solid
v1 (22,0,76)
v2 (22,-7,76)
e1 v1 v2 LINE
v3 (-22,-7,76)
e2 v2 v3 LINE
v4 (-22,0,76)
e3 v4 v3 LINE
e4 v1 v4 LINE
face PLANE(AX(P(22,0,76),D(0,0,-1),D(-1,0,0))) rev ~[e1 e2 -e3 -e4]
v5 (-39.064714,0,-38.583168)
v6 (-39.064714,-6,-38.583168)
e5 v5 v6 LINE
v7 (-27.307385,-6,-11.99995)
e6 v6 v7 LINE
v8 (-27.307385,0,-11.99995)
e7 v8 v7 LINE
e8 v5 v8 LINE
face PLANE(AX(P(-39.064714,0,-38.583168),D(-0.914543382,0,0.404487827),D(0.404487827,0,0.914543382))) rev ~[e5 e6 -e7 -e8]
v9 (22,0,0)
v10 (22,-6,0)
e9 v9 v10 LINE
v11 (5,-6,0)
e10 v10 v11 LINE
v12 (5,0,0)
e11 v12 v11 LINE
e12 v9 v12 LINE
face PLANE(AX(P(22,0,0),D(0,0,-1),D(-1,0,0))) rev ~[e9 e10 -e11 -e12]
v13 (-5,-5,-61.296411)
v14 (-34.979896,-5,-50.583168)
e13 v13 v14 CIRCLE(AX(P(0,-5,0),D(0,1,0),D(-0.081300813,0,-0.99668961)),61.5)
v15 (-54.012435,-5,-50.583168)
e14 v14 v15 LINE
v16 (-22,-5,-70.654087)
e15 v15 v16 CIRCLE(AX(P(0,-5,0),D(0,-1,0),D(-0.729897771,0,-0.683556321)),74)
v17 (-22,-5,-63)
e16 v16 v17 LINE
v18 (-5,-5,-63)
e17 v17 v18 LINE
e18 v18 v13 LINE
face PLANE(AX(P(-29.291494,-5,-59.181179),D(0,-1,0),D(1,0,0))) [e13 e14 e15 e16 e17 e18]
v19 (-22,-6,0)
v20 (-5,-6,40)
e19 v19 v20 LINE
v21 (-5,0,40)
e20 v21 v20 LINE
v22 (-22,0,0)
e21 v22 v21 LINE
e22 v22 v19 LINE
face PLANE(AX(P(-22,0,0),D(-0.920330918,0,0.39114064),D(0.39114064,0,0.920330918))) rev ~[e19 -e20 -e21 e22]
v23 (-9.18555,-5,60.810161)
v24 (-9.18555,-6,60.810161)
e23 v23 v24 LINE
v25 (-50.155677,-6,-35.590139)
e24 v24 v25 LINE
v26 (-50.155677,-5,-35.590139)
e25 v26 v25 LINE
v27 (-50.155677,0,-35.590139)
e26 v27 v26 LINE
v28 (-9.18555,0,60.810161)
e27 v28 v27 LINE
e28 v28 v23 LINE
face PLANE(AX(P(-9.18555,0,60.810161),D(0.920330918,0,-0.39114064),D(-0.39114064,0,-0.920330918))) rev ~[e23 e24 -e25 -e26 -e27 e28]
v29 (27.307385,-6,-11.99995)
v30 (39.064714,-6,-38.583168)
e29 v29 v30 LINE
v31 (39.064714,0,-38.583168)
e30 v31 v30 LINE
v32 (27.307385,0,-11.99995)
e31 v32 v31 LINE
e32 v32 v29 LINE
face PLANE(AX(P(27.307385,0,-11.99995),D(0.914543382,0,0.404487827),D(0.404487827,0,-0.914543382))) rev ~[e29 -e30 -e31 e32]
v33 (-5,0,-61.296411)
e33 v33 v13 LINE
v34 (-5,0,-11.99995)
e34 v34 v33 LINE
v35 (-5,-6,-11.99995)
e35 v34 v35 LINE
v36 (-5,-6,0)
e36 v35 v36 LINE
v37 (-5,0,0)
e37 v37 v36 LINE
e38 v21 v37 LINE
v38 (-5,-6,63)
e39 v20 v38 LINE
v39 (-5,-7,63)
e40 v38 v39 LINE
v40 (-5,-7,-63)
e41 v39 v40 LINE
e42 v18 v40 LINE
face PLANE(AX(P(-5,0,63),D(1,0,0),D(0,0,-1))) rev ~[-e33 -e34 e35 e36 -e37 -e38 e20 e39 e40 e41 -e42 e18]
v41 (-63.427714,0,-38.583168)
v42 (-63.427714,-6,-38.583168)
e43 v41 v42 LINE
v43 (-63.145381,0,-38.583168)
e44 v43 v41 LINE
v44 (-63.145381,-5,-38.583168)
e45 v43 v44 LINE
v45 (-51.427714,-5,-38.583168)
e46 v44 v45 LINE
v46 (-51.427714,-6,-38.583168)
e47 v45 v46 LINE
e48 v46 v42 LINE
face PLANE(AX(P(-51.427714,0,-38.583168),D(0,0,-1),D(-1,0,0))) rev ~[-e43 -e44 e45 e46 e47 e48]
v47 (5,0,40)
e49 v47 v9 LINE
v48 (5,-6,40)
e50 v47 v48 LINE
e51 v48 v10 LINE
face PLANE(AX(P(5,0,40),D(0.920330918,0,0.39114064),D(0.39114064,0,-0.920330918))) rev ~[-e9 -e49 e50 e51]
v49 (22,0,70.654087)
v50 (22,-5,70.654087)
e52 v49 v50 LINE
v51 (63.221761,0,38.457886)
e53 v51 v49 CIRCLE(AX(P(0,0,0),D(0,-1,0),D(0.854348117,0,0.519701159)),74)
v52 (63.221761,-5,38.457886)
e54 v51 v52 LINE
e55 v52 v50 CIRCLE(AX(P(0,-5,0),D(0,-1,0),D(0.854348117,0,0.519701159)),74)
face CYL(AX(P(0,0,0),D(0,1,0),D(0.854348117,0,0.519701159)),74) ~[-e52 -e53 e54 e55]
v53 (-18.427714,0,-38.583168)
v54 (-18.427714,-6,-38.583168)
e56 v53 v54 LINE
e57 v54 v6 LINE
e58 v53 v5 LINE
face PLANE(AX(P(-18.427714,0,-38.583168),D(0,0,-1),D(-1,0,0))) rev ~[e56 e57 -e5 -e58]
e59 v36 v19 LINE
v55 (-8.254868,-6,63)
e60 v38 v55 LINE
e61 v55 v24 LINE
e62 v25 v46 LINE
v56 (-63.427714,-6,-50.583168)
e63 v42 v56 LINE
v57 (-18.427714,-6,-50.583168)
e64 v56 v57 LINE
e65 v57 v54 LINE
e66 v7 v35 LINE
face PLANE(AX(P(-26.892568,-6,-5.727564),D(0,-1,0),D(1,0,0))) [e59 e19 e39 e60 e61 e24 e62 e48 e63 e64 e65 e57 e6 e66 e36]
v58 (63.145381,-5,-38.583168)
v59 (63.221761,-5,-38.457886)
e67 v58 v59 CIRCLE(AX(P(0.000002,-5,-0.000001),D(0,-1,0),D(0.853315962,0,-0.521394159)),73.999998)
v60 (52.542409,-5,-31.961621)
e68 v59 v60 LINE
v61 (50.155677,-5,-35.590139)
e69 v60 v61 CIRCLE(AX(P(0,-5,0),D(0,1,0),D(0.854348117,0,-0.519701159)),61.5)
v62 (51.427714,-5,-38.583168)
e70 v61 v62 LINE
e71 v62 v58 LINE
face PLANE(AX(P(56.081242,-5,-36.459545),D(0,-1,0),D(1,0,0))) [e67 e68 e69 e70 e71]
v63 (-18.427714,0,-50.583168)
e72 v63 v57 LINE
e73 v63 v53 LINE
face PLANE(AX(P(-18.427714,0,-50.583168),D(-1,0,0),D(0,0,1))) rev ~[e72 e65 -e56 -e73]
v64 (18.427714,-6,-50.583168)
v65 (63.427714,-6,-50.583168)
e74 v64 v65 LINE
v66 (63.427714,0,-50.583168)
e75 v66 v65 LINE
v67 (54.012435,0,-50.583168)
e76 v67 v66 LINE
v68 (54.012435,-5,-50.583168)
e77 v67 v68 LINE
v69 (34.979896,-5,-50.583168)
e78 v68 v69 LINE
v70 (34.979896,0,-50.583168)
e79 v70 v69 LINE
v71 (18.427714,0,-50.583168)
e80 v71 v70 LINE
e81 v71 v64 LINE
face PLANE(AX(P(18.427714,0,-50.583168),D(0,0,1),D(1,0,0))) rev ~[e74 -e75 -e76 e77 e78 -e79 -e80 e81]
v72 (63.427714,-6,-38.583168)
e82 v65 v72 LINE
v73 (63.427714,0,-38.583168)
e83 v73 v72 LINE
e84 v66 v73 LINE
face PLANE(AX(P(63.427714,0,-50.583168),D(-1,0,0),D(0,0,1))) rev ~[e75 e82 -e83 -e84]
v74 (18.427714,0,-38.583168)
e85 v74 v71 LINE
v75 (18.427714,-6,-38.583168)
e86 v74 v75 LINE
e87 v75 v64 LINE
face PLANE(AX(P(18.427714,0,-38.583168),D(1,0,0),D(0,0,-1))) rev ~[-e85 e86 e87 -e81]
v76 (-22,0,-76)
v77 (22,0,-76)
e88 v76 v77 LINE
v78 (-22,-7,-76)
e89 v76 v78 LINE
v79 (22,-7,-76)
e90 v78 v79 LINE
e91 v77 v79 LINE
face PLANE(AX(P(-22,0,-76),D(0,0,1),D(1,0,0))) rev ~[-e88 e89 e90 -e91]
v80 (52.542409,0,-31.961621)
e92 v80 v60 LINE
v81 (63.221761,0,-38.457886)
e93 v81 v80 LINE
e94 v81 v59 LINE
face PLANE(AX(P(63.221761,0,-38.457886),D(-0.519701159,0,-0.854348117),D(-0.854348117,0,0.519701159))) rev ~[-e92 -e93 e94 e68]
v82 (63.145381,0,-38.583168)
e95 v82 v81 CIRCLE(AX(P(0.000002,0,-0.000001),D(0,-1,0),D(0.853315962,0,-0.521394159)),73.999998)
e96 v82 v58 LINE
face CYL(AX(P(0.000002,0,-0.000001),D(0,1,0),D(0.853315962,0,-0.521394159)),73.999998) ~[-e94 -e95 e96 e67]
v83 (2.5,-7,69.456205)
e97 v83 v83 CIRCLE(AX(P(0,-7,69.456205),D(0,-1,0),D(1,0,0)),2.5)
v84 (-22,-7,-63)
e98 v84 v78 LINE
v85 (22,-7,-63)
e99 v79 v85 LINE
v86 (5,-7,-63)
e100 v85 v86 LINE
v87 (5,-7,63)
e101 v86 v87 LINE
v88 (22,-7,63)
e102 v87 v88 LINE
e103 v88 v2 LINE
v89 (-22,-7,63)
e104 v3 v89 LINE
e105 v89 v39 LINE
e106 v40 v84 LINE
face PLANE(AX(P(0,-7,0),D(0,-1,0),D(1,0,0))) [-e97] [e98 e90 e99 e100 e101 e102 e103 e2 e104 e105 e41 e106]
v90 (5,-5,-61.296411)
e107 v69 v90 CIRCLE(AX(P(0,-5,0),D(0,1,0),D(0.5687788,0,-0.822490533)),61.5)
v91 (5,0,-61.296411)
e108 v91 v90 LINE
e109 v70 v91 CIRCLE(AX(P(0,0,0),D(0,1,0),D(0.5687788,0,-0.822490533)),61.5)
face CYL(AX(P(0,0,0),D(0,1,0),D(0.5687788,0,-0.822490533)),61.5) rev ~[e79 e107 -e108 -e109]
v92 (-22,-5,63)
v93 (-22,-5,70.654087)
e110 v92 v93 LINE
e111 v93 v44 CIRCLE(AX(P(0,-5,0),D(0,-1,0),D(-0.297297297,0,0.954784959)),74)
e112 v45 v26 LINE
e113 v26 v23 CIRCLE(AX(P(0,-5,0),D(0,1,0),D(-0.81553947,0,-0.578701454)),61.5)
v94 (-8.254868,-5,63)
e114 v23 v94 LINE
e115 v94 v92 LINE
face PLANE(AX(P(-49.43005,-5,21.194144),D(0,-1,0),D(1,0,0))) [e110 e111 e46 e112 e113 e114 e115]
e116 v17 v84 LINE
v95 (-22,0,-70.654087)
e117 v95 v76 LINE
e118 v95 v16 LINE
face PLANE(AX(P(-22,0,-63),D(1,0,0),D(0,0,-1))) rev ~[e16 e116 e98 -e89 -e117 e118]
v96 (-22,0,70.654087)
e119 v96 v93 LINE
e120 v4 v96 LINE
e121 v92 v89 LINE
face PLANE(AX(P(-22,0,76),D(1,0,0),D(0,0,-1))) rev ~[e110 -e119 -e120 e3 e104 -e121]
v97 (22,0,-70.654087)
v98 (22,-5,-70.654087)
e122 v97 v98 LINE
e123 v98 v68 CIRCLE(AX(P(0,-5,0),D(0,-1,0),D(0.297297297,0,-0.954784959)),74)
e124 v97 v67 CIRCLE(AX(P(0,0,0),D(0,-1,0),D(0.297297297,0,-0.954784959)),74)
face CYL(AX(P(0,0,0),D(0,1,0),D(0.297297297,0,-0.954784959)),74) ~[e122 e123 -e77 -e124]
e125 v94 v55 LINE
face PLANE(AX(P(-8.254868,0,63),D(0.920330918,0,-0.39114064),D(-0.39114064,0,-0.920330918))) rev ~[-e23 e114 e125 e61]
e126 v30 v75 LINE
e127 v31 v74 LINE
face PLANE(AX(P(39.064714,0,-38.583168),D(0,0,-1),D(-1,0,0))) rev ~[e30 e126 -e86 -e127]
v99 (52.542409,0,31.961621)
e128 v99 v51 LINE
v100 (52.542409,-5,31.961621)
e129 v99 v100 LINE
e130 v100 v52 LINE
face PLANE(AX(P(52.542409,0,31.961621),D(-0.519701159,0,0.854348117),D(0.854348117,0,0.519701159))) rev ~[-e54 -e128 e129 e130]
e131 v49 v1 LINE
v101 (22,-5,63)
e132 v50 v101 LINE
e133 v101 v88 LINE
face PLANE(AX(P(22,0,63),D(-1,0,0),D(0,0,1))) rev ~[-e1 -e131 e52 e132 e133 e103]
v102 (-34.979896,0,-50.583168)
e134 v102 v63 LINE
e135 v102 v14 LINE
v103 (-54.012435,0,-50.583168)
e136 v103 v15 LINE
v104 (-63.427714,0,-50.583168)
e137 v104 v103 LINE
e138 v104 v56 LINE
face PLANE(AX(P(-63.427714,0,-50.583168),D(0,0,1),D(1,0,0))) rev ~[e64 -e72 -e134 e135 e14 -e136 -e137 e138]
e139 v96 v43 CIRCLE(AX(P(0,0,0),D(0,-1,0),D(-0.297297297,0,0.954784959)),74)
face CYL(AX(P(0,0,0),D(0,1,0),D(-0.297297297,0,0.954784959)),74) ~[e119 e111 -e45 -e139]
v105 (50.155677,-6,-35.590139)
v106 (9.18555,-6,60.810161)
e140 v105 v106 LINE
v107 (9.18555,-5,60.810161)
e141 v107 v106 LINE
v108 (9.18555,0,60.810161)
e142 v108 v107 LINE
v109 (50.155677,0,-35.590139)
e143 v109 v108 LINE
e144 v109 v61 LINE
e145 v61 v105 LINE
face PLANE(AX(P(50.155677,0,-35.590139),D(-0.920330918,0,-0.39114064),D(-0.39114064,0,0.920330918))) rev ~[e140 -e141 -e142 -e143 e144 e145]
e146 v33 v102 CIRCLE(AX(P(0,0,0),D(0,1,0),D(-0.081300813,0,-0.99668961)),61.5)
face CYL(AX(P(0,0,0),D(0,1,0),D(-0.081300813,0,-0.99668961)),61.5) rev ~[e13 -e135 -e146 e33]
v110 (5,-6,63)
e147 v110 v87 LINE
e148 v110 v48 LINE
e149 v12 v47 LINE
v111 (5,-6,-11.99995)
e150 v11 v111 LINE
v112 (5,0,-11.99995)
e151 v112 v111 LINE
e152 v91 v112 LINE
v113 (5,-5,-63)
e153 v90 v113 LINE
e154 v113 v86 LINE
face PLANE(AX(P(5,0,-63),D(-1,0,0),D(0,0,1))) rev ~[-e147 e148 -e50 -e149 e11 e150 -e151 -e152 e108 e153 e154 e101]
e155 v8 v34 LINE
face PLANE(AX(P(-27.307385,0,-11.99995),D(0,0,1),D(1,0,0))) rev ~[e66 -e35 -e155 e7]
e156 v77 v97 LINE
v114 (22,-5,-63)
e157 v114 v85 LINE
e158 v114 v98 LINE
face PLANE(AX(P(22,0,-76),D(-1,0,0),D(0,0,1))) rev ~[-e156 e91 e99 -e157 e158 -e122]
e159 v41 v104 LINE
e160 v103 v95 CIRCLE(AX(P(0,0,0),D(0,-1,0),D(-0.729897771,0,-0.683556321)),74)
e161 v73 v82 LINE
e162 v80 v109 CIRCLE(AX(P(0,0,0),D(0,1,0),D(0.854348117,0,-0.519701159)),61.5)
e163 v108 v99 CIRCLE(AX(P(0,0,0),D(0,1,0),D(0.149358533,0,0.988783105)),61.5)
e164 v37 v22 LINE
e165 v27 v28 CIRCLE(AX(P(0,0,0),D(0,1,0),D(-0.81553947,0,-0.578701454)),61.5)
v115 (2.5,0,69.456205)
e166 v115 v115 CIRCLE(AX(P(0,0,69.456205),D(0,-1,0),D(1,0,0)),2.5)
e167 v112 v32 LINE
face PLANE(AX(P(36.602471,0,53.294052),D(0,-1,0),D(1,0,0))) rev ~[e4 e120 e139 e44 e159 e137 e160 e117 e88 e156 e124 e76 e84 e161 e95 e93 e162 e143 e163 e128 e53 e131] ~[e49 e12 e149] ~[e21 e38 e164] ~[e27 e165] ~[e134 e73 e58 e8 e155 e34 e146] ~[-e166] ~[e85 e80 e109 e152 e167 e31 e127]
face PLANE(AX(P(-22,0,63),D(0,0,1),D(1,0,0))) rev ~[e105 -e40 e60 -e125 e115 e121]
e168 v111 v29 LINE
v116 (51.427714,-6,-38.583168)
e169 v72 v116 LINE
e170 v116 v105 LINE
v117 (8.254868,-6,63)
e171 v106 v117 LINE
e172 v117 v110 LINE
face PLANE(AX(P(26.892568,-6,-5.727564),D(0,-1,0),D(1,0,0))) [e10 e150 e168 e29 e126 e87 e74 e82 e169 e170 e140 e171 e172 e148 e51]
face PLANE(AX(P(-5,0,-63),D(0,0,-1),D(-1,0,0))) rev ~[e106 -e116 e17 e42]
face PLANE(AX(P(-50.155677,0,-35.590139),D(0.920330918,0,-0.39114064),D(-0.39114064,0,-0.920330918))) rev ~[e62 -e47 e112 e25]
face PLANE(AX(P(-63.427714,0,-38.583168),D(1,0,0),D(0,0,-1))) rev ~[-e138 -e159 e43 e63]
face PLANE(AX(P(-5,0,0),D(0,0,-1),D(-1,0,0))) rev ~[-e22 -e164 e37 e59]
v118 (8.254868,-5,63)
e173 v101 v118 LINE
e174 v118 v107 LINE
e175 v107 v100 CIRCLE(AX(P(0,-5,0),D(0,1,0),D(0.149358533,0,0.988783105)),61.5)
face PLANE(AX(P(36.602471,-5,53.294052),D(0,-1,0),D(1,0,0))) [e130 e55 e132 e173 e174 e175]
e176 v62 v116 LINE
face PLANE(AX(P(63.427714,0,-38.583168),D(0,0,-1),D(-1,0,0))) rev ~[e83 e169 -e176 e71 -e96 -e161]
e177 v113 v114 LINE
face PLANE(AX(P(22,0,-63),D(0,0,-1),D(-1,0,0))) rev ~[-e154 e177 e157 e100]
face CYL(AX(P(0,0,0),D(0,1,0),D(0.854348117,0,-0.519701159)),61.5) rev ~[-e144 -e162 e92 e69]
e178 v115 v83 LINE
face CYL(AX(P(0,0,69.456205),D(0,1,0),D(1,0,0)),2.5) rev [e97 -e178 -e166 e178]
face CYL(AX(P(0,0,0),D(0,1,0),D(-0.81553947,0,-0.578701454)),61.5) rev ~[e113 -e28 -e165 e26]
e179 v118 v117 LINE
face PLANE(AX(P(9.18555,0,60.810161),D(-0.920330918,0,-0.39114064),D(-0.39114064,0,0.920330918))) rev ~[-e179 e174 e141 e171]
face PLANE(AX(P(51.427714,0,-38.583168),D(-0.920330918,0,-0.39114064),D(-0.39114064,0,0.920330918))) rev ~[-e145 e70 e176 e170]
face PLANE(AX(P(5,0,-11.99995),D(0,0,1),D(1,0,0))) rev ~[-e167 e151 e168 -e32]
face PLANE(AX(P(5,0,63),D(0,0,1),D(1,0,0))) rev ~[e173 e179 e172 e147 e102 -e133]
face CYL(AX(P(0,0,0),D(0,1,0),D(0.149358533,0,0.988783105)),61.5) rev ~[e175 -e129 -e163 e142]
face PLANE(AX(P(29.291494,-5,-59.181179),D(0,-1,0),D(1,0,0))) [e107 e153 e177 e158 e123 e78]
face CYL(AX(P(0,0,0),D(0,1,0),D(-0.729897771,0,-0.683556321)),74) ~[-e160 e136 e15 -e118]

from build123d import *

# Parameters (mm, degrees)
F0_R     = 2.5
F1_DEPTH = 7
F2_DEPTH = 6
F3_DEPTH = 5


with BuildPart() as f1:
    # F0 (on Front) → F1 (new body)
    with BuildSketch(Plane.XZ):
        Polygon((-22, -76), (0, -76), (22, -76), (22, -70.6540869306), (22, -63), (5, -63), (5, -61.2964109879), (5, -11.9999500107), (5, 0), (5, 40), (5, 63), (8.2548681714, 63), (22, 63), (22, 70.6540869306), (22, 76), (0, 76), (-22, 76), (-22, 70.6540869306), (-22, 63), (-8.2548681714, 63), (-5, 63), (-5, 40), (-5, 0), (-5, -11.9999500107), (-5, -61.2964109879), (-5, -63), (-22, -63), (-22, -70.6540869306), align=None)
        with Locations((0, 69.456204772)):
            Circle(F0_R, mode=Mode.SUBTRACT)
    extrude(amount=F1_DEPTH)

    # F0 (on Front) → F2 (join)
    with BuildSketch(Plane.XZ):
        Polygon((34.9798961949, -50.5831677754), (54.0124350294, -50.5831677754), (63.4277144759, -50.5831677754), (63.4277144759, -38.5831677754), (63.1453811804, -38.5831677754), (51.4277144759, -38.5831677754), (50.1556774178, -35.5901394035), (34.9998075814, 0.0707307999), (9.185549765, 60.8101609562), (8.2548681714, 63), (5, 63), (5, 40), (22, 0), (5, 0), (5, -11.9999500107), (27.307384864, -11.9999500107), (39.0647144759, -38.5831677754), (18.4277144759, -38.5831677754), (18.4277144759, -50.5831677754), align=None)
        Polygon((-63.4277144759, -50.5831677754), (-54.0124350294, -50.5831677754), (-34.9798961949, -50.5831677754), (-18.4277144759, -50.5831677754), (-18.4277144759, -38.5831677754), (-39.0647144759, -38.5831677754), (-27.307384864, -11.9999500107), (-5, -11.9999500107), (-5, 0), (-22, 0), (-5, 40), (-5, 63), (-8.2548681714, 63), (-9.185549765, 60.8101609562), (-34.9998075814, 0.0707307999), (-50.1556774178, -35.5901394035), (-51.4277144759, -38.5831677754), (-63.1453811804, -38.5831677754), (-63.4277144759, -38.5831677754), align=None)
    extrude(amount=F2_DEPTH)

    # F0 (on Front) → F3 (join)
    with BuildSketch(Plane.XZ):
        with BuildLine():
            Line((22, 63), (8.2548681714, 63))
            Line((8.2548681714, 63), (9.185549765, 60.8101609562))
            ThreePointArc((9.185549765, 60.8101609562), (34.068237255, 51.2016133568), (52.542409199, 31.9616212912))
            Line((52.542409199, 31.9616212912), (63.2217606622, 38.4578857813))
            ThreePointArc((63.2217606622, 38.4578857813), (45.5503673388, 58.3194996146), (22, 70.6540869306))
            Line((22, 70.6540869306), (22, 63))
        make_face()
        with BuildLine():
            ThreePointArc((-22, 70.6540869306), (-69.2504760851, 26.0839330237), (-63.1453811804, -38.5831677754))
            Line((-63.1453811804, -38.5831677754), (-51.4277144759, -38.5831677754))
            Line((-51.4277144759, -38.5831677754), (-50.1556774178, -35.5901394035))
            ThreePointArc((-50.1556774178, -35.5901394035), (-56.6003514852, 24.0551493812), (-9.185549765, 60.8101609562))
            Line((-9.185549765, 60.8101609562), (-8.2548681714, 63))
            Line((-8.2548681714, 63), (-22, 63))
            Line((-22, 63), (-22, 70.6540869306))
        make_face()
        with BuildLine():
            ThreePointArc((-54.0124350294, -50.5831677754), (-39.3088160431, -62.6962278075), (-22, -70.6540869306))
            Line((-22, -70.6540869306), (-22, -63))
            Line((-22, -63), (-5, -63))
            Line((-5, -63), (-5, -61.2964109879))
            ThreePointArc((-5, -61.2964109879), (-20.6952028251, -57.9133713406), (-34.9798961949, -50.5831677754))
            Line((-34.9798961949, -50.5831677754), (-54.0124350294, -50.5831677754))
        make_face()
        with BuildLine():
            Line((22, -63), (22, -70.6540869306))
            ThreePointArc((22, -70.6540869306), (39.3088160431, -62.6962278075), (54.0124350294, -50.5831677754))
            Line((54.0124350294, -50.5831677754), (34.9798961949, -50.5831677754))
            ThreePointArc((34.9798961949, -50.5831677754), (20.6952028251, -57.9133713406), (5, -61.2964109879))
            Line((5, -61.2964109879), (5, -63))
            Line((5, -63), (22, -63))
        make_face()
        with BuildLine():
            Line((51.4277144759, -38.5831677754), (63.1453811804, -38.5831677754))
            ThreePointArc((63.1453811804, -38.5831677754), (63.1836019728, -38.5205457093), (63.2217606622, -38.4578857813))
            Line((63.2217606622, -38.4578857813), (52.542409199, -31.9616212912))
            ThreePointArc((52.542409199, -31.9616212912), (51.3810839182, -33.7969557118), (50.1556774178, -35.5901394035))
            Line((50.1556774178, -35.5901394035), (51.4277144759, -38.5831677754))
        make_face()
    extrude(amount=F3_DEPTH)


solid = f1.part
